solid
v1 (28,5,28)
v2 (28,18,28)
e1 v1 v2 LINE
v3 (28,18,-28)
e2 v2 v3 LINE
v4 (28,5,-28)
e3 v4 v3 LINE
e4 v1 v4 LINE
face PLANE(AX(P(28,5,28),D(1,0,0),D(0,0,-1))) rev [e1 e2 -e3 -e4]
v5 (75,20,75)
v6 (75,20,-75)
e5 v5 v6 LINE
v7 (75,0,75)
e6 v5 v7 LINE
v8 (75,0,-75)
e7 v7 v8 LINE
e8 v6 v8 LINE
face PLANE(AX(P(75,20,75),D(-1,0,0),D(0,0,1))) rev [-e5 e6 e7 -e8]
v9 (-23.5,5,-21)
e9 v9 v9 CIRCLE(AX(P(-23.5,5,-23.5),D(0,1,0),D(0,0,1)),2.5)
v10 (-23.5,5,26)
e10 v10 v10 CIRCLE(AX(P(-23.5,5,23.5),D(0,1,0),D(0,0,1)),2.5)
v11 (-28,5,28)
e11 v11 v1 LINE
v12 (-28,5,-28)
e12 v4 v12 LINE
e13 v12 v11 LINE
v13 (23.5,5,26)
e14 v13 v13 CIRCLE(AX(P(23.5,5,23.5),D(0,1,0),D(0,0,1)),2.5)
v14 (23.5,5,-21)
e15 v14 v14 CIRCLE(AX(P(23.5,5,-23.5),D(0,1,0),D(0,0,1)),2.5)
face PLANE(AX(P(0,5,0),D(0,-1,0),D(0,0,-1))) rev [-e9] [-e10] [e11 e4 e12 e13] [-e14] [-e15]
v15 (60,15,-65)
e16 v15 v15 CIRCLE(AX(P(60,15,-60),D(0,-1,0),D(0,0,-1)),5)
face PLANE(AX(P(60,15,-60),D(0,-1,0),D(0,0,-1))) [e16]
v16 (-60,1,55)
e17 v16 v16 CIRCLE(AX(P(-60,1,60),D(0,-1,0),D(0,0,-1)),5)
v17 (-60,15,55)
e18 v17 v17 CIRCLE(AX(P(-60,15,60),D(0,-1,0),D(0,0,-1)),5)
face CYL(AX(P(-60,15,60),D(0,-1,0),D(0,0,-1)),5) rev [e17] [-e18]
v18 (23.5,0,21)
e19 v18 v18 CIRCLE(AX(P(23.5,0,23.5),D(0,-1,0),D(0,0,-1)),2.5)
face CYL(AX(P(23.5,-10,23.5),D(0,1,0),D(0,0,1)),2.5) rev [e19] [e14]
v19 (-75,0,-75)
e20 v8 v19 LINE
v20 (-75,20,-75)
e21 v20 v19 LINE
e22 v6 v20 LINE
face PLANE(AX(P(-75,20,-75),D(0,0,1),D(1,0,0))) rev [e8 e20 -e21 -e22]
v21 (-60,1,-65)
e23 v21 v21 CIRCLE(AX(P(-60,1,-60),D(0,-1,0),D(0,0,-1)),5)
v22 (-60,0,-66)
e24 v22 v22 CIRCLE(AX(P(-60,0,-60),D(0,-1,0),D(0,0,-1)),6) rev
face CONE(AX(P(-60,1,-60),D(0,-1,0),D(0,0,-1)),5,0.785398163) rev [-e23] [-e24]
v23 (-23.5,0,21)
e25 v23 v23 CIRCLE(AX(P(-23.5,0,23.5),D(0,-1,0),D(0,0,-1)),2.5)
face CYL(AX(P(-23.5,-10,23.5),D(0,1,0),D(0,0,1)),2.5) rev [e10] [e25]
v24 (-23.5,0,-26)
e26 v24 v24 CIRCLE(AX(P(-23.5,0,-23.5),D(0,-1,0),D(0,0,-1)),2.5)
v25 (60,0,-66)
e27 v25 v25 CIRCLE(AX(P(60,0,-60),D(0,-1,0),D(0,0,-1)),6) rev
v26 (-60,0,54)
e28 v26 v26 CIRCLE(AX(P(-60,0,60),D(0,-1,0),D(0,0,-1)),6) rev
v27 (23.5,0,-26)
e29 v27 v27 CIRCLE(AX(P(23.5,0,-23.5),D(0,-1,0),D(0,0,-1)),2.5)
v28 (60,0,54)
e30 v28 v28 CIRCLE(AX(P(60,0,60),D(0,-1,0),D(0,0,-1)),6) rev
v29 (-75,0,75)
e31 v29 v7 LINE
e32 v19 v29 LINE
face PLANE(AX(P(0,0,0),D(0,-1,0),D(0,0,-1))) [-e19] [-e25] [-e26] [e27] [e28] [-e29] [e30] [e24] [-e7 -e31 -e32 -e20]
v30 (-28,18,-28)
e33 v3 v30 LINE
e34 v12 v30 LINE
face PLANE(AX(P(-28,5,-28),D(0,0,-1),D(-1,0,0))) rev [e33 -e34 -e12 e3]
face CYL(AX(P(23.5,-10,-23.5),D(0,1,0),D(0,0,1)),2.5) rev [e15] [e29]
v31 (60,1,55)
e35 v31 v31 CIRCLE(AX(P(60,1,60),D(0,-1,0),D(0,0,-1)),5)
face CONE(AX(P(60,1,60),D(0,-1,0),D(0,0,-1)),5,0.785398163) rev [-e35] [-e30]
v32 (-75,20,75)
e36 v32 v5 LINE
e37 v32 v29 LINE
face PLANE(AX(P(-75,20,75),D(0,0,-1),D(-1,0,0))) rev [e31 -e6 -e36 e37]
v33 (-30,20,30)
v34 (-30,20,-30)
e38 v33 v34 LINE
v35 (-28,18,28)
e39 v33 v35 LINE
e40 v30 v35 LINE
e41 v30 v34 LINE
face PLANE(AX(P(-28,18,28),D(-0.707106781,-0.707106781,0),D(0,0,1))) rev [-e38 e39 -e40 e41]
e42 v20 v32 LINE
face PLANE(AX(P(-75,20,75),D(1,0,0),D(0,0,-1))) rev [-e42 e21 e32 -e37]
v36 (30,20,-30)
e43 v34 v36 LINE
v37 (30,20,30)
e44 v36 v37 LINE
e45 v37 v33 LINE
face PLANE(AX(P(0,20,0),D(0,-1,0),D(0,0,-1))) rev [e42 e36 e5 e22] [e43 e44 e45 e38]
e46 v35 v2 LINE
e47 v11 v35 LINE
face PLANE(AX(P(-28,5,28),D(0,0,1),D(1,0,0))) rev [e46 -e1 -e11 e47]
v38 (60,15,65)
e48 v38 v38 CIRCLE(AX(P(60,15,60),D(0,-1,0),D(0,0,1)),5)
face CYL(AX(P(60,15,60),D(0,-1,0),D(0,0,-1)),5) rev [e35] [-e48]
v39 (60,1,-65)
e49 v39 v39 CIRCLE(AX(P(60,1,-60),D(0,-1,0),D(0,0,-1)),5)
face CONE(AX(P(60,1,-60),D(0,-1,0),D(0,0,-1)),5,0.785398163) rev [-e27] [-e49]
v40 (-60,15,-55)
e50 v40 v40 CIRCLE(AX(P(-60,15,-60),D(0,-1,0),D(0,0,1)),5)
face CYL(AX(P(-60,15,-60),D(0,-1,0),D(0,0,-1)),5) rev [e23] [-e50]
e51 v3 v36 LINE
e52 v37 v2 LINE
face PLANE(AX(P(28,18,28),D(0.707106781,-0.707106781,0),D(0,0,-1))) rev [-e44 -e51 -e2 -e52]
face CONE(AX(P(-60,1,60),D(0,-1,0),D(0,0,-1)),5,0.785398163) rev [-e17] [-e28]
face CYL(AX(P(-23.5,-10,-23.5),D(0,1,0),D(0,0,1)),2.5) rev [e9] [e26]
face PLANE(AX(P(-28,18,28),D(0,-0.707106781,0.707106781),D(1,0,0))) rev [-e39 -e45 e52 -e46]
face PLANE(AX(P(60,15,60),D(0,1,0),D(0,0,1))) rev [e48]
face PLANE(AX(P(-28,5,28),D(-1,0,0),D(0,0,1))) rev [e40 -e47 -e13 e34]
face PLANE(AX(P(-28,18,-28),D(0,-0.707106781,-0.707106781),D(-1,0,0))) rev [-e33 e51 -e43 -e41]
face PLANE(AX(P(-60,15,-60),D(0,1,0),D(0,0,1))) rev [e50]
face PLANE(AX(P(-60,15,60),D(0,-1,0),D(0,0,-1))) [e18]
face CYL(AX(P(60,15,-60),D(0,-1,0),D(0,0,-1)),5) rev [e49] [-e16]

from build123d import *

# Parameters (mm, degrees)
SCHIZZO1_W                   = 150
SCHIZZO1_H                   = 150
ESTRUSIONE_ESTRUSIONE1_DEPTH = 20
SCHIZZO2_W                   = 56
SCHIZZO2_H                   = 56
TAGLIO_ESTRUSIONE1_DEPTH     = 15
SCHIZZO3_R                   = 2.5
TAGLIO_ESTRUSIONE2_DEPTH     = 15
SMUSSO1_SIZE                 = 2
SCHIZZO4_R                   = 5
TAGLIO_ESTRUSIONE3_DEPTH     = 15
SMUSSO2_SIZE                 = 1


with BuildPart() as part:
    # Schizzo1 → Estrusione-Estrusione1 (new body)
    with BuildSketch(Plane(origin=(0, 0, 0), x_dir=(1, 0, 0), z_dir=(0, 1, 0))):
        Rectangle(SCHIZZO1_W, SCHIZZO1_H)
    extrude(amount=ESTRUSIONE_ESTRUSIONE1_DEPTH)

    # Schizzo2 → Taglio-Estrusione1 (cut)
    with BuildSketch(Plane(origin=(0, 20, 0), x_dir=(1, 0, 0), z_dir=(0, 1, 0))):
        Rectangle(SCHIZZO2_W, SCHIZZO2_H)
    extrude(amount=-TAGLIO_ESTRUSIONE1_DEPTH, mode=Mode.SUBTRACT)

    # Schizzo3 → Taglio-Estrusione2 (cut)
    with BuildSketch(Plane(origin=(0, 5, 0), x_dir=(1, 0, 0), z_dir=(0, 1, 0))):
        with Locations(Location((23.5, 23.5, 0), (0, 0, 270))):
            Circle(SCHIZZO3_R)
        with Locations(Location((-23.5, 23.5, 0), (0, 0, 270))):
            Circle(SCHIZZO3_R)
        with Locations(Location((-23.5, -23.5, 0), (0, 0, 270))):
            Circle(SCHIZZO3_R)
        with Locations(Location((23.5, -23.5, 0), (0, 0, 270))):
            Circle(SCHIZZO3_R)
    extrude(amount=-TAGLIO_ESTRUSIONE2_DEPTH, mode=Mode.SUBTRACT)

    # Smusso1
    smusso1_edges = [part.edges().sort_by_distance(p)[0] for p in [
        (28, 20, 0),
        (0, 20, -28),
        (-28, 20, 0),
        (0, 20, 28),
    ]]
    chamfer(smusso1_edges, length=SMUSSO1_SIZE)

    # Schizzo4 → Taglio-Estrusione3 (cut)
    with BuildSketch(Plane(origin=(0, 0, 0), x_dir=(-1, 0, 0), z_dir=(0, -1, 0))):
        with Locations(Location((60, -60, 0), (0, 0, 90))):
            Circle(SCHIZZO4_R)
        with Locations(Location((-60, -60, 0), (0, 0, 270))):
            Circle(SCHIZZO4_R)
        with Locations(Location((-60, 60, 0), (0, 0, 90))):
            Circle(SCHIZZO4_R)
        with Locations(Location((60, 60, 0), (0, 0, 270))):
            Circle(SCHIZZO4_R)
    extrude(amount=-TAGLIO_ESTRUSIONE3_DEPTH, mode=Mode.SUBTRACT)

    # Smusso2
    smusso2_edges = [part.edges().sort_by_distance(p)[0] for p in [
        (-60, 0, 65),
        (60, 0, 55),
        (60, 0, -55),
        (-60, 0, -65),
    ]]
    chamfer(smusso2_edges, length=SMUSSO2_SIZE)


solid = part.part
